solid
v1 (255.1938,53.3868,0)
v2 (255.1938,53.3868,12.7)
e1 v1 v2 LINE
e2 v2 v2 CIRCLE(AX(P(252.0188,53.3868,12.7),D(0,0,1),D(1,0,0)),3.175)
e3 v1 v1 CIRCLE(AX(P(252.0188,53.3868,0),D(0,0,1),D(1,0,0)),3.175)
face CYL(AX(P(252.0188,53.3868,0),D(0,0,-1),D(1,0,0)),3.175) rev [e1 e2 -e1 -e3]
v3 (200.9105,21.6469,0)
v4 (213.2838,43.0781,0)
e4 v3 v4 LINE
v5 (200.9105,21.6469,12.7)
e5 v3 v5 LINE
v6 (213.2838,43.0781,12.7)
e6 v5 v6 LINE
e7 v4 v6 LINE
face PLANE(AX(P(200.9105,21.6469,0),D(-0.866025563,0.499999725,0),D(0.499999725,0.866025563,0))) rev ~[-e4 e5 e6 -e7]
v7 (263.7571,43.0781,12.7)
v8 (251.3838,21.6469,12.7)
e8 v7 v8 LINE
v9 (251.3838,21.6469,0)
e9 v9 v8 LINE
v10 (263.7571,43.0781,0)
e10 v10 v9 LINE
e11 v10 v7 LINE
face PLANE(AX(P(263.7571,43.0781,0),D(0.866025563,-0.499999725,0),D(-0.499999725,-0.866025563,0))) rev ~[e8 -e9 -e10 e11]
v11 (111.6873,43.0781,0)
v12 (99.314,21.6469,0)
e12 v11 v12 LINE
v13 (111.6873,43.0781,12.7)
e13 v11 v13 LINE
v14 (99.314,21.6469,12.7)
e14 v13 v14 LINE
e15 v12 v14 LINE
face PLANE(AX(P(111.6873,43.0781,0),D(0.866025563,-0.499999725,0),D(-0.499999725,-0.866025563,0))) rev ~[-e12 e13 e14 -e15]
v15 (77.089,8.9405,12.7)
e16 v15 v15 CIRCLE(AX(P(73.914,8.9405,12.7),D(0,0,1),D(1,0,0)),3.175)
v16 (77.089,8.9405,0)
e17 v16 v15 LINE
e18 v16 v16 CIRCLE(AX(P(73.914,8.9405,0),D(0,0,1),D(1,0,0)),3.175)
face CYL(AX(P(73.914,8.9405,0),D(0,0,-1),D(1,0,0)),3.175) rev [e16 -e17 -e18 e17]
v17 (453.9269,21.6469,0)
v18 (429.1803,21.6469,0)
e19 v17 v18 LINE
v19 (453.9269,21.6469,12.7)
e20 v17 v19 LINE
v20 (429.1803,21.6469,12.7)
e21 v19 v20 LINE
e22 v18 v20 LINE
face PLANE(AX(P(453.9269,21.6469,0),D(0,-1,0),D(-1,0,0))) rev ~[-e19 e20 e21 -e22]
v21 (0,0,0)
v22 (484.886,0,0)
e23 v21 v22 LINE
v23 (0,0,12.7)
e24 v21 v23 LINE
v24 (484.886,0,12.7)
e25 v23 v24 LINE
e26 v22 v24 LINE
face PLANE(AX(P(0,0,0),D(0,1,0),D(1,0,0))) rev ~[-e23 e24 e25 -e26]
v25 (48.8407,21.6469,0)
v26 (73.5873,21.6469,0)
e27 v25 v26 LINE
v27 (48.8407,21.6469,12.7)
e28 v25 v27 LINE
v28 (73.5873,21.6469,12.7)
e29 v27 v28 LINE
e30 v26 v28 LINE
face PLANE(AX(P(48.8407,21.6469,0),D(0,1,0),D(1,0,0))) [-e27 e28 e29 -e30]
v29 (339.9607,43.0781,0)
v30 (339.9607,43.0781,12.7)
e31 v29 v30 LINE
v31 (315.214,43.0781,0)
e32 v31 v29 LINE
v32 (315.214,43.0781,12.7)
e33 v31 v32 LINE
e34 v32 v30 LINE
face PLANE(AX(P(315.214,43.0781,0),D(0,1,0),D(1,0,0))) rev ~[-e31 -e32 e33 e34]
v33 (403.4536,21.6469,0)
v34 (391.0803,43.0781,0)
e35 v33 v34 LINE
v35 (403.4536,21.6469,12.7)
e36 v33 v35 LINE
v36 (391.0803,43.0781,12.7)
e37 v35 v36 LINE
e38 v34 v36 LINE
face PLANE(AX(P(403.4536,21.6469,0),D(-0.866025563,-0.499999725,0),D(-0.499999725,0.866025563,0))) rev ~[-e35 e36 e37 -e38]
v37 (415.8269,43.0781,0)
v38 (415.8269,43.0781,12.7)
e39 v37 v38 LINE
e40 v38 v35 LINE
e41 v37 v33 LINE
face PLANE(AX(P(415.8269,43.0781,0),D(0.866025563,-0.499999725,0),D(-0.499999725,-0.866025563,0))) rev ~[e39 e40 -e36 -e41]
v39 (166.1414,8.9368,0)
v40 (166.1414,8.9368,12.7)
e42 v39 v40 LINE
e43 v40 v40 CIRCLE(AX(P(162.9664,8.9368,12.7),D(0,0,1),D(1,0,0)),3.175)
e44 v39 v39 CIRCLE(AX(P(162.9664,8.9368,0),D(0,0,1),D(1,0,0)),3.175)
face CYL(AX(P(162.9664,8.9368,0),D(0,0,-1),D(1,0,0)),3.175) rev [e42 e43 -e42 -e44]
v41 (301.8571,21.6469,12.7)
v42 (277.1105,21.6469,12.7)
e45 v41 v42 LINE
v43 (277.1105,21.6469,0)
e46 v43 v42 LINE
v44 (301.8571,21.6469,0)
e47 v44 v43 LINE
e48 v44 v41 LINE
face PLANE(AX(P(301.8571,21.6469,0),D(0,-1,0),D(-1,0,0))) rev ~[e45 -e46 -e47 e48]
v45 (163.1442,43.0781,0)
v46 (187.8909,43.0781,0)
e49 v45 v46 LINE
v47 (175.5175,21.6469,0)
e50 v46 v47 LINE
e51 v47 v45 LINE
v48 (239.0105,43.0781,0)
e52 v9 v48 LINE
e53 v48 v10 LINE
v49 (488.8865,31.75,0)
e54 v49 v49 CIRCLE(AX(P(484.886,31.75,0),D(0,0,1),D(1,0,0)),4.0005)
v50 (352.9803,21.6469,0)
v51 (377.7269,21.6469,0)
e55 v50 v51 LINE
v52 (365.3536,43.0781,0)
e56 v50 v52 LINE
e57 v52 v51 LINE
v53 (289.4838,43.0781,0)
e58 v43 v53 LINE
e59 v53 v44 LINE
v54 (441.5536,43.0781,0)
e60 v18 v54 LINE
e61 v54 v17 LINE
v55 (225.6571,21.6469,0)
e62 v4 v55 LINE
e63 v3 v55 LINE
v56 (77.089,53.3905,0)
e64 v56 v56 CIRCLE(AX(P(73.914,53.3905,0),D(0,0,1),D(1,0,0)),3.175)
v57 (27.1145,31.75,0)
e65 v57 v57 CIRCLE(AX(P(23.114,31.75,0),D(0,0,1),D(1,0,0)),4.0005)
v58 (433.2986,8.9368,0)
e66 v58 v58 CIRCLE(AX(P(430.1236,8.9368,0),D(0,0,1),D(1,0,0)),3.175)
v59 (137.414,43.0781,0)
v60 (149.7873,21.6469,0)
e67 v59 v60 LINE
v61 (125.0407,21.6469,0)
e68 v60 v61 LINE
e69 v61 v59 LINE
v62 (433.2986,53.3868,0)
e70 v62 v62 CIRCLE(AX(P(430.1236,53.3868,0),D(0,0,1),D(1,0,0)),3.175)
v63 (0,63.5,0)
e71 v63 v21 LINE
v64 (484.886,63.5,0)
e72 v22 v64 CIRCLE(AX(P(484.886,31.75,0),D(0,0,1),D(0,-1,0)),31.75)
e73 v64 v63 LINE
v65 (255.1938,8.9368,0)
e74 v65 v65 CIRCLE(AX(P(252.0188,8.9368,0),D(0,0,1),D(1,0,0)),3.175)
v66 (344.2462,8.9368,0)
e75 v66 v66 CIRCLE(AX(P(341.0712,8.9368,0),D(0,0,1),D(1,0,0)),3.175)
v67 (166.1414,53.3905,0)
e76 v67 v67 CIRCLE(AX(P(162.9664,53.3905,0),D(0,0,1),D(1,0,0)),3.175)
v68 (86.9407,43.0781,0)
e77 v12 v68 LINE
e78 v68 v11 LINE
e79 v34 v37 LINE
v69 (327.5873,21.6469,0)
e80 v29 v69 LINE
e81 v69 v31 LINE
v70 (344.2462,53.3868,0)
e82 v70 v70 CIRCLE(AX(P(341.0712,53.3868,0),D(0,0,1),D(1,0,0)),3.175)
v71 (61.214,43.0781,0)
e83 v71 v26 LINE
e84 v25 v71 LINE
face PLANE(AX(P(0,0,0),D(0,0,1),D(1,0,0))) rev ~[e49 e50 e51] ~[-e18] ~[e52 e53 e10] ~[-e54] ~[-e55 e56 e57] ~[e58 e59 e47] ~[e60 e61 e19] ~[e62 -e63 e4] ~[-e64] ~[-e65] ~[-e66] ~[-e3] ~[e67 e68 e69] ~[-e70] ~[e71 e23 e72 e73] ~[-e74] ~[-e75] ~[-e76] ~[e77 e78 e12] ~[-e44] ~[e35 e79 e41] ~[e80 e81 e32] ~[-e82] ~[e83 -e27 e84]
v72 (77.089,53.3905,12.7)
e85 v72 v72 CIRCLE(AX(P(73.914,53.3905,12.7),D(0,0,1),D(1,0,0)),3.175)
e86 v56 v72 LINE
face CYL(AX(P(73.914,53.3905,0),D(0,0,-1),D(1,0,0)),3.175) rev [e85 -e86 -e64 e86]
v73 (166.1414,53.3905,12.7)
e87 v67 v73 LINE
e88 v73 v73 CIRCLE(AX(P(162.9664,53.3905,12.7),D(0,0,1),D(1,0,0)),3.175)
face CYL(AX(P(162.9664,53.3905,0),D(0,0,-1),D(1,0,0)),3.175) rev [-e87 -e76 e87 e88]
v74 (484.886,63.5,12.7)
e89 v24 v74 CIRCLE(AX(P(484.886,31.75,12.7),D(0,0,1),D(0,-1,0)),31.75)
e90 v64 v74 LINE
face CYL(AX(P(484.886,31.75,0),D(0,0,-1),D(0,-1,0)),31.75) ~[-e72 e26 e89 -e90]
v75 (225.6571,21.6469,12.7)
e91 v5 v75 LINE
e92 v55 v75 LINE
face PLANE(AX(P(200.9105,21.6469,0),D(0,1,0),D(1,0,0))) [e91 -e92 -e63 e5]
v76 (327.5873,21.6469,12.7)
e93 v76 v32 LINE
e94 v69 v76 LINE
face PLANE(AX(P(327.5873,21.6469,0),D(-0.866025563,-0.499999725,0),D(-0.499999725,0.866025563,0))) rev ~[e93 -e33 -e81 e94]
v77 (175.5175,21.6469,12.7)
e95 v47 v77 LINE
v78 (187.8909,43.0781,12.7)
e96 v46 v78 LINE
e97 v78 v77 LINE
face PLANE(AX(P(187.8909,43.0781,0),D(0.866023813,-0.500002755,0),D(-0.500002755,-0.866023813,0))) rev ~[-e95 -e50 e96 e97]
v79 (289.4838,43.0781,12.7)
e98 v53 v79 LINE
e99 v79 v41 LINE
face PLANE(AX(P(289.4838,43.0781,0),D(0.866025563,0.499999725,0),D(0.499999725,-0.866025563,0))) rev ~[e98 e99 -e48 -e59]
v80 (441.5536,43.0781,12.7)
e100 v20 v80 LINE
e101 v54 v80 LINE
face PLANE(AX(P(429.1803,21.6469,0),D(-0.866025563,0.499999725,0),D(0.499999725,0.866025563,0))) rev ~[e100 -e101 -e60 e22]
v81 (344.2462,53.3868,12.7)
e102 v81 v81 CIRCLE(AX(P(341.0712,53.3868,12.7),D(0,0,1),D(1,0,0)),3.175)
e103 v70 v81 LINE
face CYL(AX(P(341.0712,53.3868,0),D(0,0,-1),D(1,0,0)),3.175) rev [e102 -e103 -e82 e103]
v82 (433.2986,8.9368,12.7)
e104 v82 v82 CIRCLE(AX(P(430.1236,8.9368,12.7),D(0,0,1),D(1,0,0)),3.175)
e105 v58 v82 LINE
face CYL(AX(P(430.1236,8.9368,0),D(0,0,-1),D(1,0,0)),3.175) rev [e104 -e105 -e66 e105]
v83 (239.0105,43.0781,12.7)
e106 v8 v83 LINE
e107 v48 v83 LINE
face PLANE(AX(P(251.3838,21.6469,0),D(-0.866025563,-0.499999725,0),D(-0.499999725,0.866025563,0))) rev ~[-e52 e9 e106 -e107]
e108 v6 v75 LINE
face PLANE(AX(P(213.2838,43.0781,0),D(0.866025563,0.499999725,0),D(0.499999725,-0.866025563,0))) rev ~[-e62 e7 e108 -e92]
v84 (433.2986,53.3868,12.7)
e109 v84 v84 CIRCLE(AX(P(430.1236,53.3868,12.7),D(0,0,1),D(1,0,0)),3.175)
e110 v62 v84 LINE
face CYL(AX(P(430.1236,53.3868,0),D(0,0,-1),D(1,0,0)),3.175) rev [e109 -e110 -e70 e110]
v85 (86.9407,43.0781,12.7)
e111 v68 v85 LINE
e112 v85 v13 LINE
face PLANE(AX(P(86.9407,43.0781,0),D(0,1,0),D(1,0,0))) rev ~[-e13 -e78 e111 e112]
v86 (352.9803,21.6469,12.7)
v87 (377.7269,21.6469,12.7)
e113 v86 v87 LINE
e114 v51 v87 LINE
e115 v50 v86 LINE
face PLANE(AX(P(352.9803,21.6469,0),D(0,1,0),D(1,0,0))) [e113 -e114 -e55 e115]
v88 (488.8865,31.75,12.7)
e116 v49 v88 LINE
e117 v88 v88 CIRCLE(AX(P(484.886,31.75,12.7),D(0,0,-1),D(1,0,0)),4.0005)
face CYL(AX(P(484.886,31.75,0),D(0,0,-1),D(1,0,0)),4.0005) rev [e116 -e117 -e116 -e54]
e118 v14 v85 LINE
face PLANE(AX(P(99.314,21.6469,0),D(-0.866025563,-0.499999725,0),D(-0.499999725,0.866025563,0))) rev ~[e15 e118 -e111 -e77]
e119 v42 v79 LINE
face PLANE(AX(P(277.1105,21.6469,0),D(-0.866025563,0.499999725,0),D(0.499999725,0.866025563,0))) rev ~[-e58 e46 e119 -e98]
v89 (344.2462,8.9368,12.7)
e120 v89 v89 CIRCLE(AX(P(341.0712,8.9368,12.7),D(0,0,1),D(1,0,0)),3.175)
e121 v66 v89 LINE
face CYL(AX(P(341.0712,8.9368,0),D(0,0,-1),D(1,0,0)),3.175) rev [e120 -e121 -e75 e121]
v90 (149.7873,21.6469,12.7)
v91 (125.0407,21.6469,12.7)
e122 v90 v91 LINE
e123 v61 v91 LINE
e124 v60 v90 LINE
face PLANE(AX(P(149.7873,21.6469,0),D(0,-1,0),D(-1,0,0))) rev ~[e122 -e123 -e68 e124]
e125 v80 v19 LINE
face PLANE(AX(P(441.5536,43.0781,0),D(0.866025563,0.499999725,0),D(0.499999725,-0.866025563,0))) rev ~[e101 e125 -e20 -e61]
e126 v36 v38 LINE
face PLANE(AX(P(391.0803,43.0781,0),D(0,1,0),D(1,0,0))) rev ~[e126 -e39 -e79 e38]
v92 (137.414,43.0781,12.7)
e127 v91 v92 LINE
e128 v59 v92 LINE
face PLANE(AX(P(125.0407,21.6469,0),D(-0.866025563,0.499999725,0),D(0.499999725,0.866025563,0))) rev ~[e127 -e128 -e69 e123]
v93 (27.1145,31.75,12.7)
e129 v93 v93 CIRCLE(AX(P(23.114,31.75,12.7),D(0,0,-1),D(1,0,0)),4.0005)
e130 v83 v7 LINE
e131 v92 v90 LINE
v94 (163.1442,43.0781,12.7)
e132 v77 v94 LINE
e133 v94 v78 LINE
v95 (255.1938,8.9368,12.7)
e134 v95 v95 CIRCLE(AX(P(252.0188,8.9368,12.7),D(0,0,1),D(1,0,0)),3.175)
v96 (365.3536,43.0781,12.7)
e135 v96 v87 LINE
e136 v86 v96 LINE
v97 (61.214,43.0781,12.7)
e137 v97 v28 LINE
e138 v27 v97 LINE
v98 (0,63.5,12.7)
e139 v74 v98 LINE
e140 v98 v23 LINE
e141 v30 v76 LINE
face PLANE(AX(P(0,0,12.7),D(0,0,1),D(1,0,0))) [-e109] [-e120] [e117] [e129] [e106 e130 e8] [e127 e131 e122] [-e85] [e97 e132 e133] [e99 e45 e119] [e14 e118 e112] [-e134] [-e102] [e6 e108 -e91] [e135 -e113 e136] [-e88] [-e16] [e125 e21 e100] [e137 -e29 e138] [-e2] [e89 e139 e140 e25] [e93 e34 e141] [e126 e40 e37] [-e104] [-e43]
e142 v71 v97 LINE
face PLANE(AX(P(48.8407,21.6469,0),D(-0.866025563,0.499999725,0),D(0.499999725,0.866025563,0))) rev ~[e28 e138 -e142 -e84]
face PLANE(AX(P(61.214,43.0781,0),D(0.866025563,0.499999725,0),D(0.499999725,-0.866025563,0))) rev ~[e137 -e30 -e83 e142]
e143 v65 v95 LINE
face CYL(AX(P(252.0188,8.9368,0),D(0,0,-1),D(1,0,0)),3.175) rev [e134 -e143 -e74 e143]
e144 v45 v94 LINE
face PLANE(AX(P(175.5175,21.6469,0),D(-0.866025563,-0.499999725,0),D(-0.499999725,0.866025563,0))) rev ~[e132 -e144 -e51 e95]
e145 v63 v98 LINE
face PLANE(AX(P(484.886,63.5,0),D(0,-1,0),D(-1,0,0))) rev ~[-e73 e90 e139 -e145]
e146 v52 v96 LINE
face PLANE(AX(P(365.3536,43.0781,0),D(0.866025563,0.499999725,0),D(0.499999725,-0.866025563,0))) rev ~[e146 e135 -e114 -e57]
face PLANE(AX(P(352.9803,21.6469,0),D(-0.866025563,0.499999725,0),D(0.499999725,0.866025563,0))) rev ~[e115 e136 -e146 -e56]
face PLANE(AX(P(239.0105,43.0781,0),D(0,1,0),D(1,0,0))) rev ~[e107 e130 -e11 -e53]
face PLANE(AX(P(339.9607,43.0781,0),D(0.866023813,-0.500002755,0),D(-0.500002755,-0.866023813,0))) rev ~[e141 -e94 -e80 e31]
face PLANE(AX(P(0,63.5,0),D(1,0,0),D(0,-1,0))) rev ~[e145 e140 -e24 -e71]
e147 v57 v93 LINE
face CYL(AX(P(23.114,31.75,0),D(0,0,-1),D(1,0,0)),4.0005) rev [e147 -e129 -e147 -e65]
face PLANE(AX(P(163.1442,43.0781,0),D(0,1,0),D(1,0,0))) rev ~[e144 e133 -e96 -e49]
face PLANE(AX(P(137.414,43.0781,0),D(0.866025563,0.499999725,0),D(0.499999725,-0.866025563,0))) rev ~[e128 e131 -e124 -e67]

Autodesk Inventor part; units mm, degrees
ref_plane "YZ Plane" through (0, 0, 0) normal (1, 0, 0) x (0, 1, 0)
ref_plane "XZ Plane" through (0, 0, 0) normal (0, 1, 0) x (-1, 0, 0)
ref_plane "XY Plane" through (0, 0, 0) normal (0, 0, 1) x (1, 0, 0)
sketch "Sketch1" plane through (0, 0, 0) normal (0, 0, 1) x (1, 0, 0)
  line L0 (0, 0) -> (484.886, 0)
  line L1 (484.886, 63.5) -> (0, 63.5)
  line L2 (0, 63.5) -> (0, 0)
  circle A0 centre (73.914, 53.3905) radius 3.175
  circle A1 centre (162.9664, 53.3905) radius 3.175
  circle A2 centre (252.0188, 53.3868) radius 3.175
  circle A3 centre (341.0712, 53.3868) radius 3.175
  circle A4 centre (430.1236, 53.3868) radius 3.175
  circle A5 centre (73.914, 8.9405) radius 3.175
  circle A6 centre (162.9664, 8.9368) radius 3.175
  circle A7 centre (252.0188, 8.9368) radius 3.175
  circle A8 centre (341.0712, 8.9368) radius 3.175
  circle A9 centre (430.1236, 8.9368) radius 3.175
  line L3 (61.214, 43.0781) -> (73.5873, 21.6469)
  line L4 (48.8407, 21.6469) -> (61.214, 43.0781)
  line L5 (137.414, 43.0781) -> (149.7873, 21.6469)
  line L6 (149.7873, 21.6469) -> (125.0407, 21.6469)
  line L7 (125.0407, 21.6469) -> (137.414, 43.0781)
  line L8 (99.314, 21.6469) -> (86.9407, 43.0781)
  line L9 (86.9407, 43.0781) -> (111.6873, 43.0781)
  line L10 (111.6873, 43.0781) -> (99.314, 21.6469)
  line L11 (48.8407, 21.6469) -> (73.5873, 21.6469)
  line L12 (289.4838, 43.0781) -> (301.8571, 21.6469)
  line L13 (301.8571, 21.6469) -> (277.1105, 21.6469)
  line L14 (277.1105, 21.6469) -> (289.4838, 43.0781)
  line L15 (263.7571, 43.0781) -> (251.3838, 21.6469)
  line L16 (251.3838, 21.6469) -> (239.0105, 43.0781)
  line L17 (239.0105, 43.0781) -> (263.7571, 43.0781)
  line L18 (213.2838, 43.0781) -> (225.6571, 21.6469)
  line L19 (200.9105, 21.6469) -> (225.6571, 21.6469)
  line L20 (200.9105, 21.6469) -> (213.2838, 43.0781)
  line L21 (441.5536, 43.0781) -> (453.9269, 21.6469)
  line L22 (453.9269, 21.6469) -> (429.1803, 21.6469)
  line L23 (429.1803, 21.6469) -> (441.5536, 43.0781)
  line L24 (415.8269, 43.0781) -> (403.4536, 21.6469)
  line L25 (403.4536, 21.6469) -> (391.0803, 43.0781)
  line L26 (391.0803, 43.0781) -> (415.8269, 43.0781)
  line L27 (365.3536, 43.0781) -> (377.7269, 21.6469)
  line L28 (352.9803, 21.6469) -> (377.7269, 21.6469)
  line L29 (352.9803, 21.6469) -> (365.3536, 43.0781)
  line L30 (175.5175, 21.6469) -> (163.1442, 43.0781)
  line L31 (163.1442, 43.0781) -> (187.8909, 43.0781)
  line L32 (187.8909, 43.0781) -> (175.5175, 21.6469)
  line L33 (339.9607, 43.0781) -> (327.5873, 21.6469)
  line L34 (327.5873, 21.6469) -> (315.214, 43.0781)
  line L35 (315.214, 43.0781) -> (339.9607, 43.0781)
  line L36 (15.7817, 31.75) -> (30.4463, 31.75)
  circle A10 centre (23.114, 31.75) radius 4.0005
  circle A11 centre (484.886, 31.75) radius 4.0005
  arc A12 (484.886, 0) -> (484.886, 63.5) centre (484.886, 31.75) ccw
  point P0 (135.1884, 47.8306)
  point P1 (135.1884, 33.5431)
  point P2 (23.114, 19.05)
  point P3 (23.114, 25.4)
  point P4 (287.2582, 33.5431)
  point P5 (439.328, 33.5431)
  dimension "d18" = 44.45
  dimension "d36" = 56.5658
  dimension "d69" = 126.3396
  dimension "d72" = 25.4
  dimension "d12" = 6.35
  dimension "d15" = 89.0524
  dimension "d44" = 6.35
  dimension "d66" = 100.9467
  dimension "d97" = 152.0698
  dimension "d102" = 51.1231
  dimension "d115" = 8.001
extrude "Extrusion1" add sketch "Sketch1" along normal blind 12.7 contours L2 L1 A12 L0 | L3 L11 L4 | L12 L13 L14 | L15 L16 L17 | L18 L19 L20 | L21 L22 L23 | L24 L25 L26 | L27 L28 L29 | L30 L31 L32 | L33 L34 L35 | A10 L36 | L36 A10 | A11
extrude "Extrusion4" cut sketch "Sketch1" along normal blind 12.7 contours L3 L11 L4
extrude "Extrusion5" cut sketch "Sketch1" along normal blind 12.7 contours L12 L13 L14 | L15 L16 L17 | L18 L19 L20 | L21 L22 L23 | L24 L25 L26 | L27 L28 L29 | L30 L31 L32 | L33 L34 L35
extrude "Extrusion6" cut sketch "Sketch1" along normal blind 25.4 contours A11
extrude "Extrusion7" cut sketch "Sketch1" along normal blind 25.4 contours A10 L36 | L36 A10
properties part number "arm_plate_evan"
